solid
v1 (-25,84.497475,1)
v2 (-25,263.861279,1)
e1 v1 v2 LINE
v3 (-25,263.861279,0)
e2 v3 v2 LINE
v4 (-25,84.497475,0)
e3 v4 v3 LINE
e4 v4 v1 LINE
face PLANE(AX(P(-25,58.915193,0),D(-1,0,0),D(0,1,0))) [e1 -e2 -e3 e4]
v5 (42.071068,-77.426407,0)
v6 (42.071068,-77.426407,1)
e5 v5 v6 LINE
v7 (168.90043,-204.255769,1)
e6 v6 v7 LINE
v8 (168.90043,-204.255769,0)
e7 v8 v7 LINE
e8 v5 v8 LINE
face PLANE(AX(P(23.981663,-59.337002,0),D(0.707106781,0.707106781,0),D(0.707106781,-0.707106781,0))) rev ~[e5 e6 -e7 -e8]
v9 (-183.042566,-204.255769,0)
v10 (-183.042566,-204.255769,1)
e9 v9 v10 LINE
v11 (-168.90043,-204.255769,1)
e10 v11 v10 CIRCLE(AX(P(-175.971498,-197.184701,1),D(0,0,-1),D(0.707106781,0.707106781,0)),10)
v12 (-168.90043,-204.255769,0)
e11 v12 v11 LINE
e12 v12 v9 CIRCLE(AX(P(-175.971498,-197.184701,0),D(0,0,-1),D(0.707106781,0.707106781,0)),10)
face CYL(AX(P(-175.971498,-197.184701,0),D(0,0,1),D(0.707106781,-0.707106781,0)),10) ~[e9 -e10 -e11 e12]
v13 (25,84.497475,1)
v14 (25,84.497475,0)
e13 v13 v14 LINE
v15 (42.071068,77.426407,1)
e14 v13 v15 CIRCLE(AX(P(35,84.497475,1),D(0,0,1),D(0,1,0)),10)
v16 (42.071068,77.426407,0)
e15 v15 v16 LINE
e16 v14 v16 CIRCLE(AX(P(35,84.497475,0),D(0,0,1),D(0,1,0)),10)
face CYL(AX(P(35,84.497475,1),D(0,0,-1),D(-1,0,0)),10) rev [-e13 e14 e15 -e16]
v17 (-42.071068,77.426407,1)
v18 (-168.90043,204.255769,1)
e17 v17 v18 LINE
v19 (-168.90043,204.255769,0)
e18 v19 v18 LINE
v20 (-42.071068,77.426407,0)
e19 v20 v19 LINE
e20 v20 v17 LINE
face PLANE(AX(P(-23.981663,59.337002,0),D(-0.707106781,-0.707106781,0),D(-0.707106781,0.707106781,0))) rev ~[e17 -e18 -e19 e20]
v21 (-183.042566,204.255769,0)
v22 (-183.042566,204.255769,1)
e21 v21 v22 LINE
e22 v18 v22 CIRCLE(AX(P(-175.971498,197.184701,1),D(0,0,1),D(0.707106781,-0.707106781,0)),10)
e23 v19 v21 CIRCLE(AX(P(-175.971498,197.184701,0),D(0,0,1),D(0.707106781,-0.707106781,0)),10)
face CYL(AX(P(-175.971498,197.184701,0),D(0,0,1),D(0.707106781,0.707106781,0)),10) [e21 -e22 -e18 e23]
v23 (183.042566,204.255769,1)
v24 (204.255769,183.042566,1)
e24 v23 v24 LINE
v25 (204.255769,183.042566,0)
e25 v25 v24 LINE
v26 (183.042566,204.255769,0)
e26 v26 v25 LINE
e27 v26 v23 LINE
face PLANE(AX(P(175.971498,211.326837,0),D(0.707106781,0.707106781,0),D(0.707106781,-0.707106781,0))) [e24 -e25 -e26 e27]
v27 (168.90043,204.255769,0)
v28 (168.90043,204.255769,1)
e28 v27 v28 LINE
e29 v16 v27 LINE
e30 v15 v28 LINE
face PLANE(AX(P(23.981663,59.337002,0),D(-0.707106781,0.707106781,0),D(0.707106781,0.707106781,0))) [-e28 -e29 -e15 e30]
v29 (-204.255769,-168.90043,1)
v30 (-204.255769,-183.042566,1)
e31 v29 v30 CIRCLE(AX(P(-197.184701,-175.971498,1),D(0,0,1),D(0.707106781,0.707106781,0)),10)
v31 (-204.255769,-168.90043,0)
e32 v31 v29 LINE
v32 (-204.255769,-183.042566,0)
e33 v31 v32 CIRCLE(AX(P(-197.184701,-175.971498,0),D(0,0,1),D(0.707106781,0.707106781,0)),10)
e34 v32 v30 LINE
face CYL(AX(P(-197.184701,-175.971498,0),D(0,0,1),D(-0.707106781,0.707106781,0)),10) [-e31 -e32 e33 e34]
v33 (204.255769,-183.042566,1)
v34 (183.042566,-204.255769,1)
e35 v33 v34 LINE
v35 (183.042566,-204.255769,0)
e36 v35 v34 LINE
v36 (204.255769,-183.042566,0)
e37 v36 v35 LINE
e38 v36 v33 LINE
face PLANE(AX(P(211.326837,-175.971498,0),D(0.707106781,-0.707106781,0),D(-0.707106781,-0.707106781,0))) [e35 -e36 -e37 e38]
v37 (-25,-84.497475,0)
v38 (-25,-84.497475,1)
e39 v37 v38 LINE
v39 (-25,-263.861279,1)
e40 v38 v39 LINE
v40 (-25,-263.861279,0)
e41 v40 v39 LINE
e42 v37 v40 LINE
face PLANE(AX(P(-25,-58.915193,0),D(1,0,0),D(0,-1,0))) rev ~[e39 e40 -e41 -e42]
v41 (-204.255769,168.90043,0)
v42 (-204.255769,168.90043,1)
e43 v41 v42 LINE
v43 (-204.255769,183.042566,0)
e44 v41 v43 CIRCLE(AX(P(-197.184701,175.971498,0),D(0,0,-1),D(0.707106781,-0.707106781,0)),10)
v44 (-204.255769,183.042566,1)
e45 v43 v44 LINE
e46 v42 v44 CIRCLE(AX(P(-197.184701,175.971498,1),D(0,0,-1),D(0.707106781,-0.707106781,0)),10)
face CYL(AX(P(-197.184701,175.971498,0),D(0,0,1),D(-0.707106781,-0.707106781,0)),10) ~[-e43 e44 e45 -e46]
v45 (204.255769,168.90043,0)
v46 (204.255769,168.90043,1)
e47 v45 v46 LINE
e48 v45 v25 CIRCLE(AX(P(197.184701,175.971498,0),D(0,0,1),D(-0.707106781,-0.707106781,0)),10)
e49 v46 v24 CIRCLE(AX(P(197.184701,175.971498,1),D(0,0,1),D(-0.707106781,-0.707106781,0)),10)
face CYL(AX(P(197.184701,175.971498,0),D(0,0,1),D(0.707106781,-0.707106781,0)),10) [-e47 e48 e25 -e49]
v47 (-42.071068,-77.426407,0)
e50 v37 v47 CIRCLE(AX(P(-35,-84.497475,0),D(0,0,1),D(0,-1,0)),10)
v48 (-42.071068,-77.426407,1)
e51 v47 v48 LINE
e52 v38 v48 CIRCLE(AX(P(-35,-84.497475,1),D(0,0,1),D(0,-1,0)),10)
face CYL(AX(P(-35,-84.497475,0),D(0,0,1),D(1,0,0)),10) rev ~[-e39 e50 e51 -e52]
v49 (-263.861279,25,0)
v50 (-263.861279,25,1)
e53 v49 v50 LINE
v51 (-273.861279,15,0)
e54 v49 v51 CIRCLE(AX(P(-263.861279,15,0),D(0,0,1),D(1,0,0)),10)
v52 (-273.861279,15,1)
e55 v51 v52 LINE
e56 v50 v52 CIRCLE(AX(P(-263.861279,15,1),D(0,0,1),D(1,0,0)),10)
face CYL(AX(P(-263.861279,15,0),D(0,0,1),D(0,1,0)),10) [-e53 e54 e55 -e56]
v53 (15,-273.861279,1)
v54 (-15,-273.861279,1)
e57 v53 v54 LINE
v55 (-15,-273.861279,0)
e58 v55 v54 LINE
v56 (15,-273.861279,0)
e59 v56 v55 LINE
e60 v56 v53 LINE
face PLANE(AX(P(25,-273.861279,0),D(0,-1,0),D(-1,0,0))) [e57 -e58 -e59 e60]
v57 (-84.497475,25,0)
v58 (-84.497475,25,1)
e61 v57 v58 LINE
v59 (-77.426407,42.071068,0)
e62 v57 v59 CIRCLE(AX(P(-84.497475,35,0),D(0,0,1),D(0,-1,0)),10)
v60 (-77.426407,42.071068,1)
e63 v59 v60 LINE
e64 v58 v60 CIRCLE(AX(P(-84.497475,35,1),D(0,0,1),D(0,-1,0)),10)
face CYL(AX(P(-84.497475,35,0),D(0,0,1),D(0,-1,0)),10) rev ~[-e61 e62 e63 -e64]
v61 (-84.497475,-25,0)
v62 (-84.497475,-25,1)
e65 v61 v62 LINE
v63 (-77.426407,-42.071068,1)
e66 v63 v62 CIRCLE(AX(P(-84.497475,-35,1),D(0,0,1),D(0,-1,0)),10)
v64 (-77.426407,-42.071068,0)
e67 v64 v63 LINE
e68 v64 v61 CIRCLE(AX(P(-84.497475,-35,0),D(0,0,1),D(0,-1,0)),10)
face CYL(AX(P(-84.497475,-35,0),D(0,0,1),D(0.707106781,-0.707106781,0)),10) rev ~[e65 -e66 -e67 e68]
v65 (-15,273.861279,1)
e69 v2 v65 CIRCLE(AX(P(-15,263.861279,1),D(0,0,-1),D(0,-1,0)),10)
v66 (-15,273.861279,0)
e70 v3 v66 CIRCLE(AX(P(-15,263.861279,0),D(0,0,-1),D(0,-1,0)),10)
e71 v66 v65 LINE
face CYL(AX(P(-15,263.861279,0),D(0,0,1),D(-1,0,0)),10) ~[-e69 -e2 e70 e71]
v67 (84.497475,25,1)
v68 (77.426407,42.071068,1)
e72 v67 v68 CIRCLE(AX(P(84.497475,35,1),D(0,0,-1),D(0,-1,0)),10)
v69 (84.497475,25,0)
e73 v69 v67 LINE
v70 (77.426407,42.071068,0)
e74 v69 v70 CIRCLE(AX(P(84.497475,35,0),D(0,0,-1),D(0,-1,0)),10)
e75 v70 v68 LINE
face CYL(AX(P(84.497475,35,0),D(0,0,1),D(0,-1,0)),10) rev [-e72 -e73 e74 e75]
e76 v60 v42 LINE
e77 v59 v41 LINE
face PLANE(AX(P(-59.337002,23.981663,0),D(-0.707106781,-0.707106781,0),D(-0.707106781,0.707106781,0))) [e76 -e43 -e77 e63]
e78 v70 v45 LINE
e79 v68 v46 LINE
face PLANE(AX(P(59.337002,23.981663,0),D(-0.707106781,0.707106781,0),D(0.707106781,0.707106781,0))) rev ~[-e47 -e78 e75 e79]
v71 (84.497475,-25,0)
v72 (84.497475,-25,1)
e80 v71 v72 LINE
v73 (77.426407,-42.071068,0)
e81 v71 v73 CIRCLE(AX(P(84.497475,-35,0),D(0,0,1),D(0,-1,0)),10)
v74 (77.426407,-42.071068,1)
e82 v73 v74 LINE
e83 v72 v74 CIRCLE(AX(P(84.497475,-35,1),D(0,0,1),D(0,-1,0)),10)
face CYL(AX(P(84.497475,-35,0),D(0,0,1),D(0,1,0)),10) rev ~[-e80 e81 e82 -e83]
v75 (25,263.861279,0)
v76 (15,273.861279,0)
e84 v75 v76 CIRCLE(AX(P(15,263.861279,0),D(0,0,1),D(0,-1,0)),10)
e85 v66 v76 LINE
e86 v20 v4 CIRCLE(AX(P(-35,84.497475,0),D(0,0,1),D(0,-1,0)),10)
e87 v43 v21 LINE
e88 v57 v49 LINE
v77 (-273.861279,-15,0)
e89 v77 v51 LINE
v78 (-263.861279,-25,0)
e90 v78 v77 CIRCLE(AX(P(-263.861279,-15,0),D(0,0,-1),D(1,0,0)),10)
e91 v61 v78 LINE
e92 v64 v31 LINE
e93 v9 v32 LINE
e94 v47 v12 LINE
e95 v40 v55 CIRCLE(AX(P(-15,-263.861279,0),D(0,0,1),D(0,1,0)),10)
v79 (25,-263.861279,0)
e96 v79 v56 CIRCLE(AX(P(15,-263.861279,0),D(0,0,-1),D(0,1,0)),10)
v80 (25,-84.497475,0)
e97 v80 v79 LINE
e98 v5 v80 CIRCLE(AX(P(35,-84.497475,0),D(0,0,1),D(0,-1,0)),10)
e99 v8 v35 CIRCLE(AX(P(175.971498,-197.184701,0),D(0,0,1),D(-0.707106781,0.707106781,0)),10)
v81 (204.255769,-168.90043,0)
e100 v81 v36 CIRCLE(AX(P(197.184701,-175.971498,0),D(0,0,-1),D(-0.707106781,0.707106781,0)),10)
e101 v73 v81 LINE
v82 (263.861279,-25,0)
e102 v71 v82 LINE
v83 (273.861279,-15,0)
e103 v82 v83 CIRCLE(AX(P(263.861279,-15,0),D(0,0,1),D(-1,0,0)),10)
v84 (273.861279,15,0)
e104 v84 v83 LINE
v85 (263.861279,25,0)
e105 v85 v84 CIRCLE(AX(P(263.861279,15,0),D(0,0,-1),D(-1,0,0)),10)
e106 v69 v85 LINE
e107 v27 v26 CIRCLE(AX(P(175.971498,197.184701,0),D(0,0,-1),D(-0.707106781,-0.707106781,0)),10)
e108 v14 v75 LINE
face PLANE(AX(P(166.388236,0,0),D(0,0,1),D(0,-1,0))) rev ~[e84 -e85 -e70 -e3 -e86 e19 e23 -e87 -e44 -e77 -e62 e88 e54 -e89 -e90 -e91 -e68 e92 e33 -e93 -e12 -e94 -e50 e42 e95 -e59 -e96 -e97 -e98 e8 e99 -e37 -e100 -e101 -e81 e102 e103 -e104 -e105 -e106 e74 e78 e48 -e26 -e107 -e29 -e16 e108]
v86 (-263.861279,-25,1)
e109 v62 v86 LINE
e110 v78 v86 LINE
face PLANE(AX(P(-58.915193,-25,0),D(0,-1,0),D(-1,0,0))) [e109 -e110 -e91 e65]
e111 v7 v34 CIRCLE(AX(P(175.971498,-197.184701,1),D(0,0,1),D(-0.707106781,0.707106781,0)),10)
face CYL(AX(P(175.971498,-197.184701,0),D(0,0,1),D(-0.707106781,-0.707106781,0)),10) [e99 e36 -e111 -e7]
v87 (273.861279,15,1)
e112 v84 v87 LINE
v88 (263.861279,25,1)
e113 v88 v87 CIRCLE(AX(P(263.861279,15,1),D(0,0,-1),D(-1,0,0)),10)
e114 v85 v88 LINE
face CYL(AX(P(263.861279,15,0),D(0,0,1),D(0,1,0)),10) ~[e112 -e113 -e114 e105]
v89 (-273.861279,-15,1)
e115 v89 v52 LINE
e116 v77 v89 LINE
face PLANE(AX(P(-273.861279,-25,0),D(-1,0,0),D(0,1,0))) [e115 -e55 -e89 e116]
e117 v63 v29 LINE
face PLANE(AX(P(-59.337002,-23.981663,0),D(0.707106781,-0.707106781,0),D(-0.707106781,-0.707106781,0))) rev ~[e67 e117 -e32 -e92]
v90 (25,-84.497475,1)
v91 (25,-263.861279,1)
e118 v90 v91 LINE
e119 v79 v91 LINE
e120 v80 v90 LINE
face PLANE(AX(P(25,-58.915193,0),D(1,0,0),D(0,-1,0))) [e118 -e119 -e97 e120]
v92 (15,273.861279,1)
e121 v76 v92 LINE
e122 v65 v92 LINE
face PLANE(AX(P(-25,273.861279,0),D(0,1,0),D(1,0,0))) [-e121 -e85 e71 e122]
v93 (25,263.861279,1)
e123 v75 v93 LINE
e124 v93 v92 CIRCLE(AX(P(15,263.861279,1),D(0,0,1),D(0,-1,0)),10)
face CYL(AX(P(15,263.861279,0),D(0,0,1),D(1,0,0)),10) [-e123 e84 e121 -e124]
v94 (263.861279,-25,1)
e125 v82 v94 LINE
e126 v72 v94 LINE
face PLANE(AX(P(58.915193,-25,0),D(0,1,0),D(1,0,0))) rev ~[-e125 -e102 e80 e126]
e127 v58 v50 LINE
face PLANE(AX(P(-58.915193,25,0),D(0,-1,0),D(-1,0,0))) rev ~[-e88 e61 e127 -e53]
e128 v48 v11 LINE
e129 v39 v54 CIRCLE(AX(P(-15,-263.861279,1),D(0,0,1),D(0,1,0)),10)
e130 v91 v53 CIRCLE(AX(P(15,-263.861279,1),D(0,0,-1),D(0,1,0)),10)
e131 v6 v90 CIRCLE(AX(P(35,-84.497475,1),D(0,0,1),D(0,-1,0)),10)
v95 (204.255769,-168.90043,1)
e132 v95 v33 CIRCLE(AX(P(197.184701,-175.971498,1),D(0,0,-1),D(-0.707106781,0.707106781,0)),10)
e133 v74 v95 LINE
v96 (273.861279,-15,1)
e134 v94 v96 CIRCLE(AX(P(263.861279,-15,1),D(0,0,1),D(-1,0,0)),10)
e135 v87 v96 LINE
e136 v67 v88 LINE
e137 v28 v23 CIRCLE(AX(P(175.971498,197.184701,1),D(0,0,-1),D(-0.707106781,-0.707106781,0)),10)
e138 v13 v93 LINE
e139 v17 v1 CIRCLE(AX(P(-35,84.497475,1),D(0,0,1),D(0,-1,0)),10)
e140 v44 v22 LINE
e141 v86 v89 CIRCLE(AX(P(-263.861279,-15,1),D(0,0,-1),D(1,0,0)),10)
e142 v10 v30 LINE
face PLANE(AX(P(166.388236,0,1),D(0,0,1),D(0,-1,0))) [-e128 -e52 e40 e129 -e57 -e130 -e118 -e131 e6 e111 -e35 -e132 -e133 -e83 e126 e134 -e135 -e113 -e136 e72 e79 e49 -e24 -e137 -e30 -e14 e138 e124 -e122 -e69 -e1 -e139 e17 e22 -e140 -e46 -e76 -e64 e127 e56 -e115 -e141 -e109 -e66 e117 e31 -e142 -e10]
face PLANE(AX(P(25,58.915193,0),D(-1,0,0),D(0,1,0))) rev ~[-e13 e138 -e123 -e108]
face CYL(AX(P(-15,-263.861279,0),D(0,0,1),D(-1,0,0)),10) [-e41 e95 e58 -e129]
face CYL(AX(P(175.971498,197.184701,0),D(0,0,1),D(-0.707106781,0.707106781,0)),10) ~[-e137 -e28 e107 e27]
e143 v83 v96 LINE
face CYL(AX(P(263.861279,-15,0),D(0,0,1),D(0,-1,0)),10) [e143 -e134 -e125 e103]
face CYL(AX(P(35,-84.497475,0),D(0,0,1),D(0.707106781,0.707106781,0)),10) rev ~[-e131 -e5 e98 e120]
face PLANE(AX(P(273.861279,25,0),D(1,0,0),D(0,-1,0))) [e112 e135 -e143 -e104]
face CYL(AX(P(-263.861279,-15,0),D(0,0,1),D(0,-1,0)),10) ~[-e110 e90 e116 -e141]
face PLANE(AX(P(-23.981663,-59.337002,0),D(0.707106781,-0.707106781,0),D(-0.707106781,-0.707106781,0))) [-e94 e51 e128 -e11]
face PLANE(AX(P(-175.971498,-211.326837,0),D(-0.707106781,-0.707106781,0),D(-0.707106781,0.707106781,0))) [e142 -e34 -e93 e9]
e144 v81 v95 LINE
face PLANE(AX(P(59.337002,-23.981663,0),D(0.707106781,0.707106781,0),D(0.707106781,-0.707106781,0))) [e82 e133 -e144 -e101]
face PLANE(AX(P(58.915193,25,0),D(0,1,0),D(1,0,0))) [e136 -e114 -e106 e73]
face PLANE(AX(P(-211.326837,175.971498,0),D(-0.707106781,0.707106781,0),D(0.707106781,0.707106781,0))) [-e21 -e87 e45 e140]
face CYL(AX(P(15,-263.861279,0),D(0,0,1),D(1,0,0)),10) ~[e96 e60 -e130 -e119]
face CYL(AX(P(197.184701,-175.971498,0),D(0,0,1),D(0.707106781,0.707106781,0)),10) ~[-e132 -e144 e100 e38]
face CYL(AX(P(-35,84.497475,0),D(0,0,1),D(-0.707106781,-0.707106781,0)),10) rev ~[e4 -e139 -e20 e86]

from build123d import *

# Parameters (mm, degrees)
F0_R     = 64
F1_DEPTH = 1
F2_W     = 50
F2_H     = 214.946085466
F3_DEPTH = 1
F4_R     = 10
F5_COUNT = 8
F6_R     = 10


with BuildPart() as f1:
    # F0 (on Top) → F1 (new body)
    with BuildSketch(Plane.XY):
        Circle(F0_R)
    extrude(amount=F1_DEPTH)

    # F2 (on Top) → F3 (join)
    with BuildSketch(Plane.XY):
        with Locations((0, 166.3882360196)):
            Rectangle(F2_W, F2_H)
    extrude(amount=F3_DEPTH)

    # F4
    f4_edges = [f1.edges().sort_by_distance(p)[0] for p in [
        (-25, 273.861279, 0.5),
        (25, 273.861279, 0.5),
    ]]
    fillet(f4_edges, radius=F4_R)

    # F5: F1 ×8 about axis
    f5_axis = Axis((0, 0, 0), (0, 0, 1))


with BuildPart() as f1_1:
    add(f1.part)
    for i in range(1, F5_COUNT):
        add(f1.part.rotate(f5_axis, i * 360 / F5_COUNT))

    # F6
    f6_edges = [f1_1.edges().sort_by_distance(p)[0] for p in [
        (25, -60.355339, 0.5),
        (25, 60.355339, 0.5),
        (-25, 60.355339, 0.5),
        (-25, -60.355339, 0.5),
        (60.355339, -25, 0.5),
        (60.355339, 25, 0.5),
        (-60.355339, -25, 0.5),
        (-60.355339, 25, 0.5),
    ]]
    fillet(f6_edges, radius=F6_R)


solid = f1_1.part
